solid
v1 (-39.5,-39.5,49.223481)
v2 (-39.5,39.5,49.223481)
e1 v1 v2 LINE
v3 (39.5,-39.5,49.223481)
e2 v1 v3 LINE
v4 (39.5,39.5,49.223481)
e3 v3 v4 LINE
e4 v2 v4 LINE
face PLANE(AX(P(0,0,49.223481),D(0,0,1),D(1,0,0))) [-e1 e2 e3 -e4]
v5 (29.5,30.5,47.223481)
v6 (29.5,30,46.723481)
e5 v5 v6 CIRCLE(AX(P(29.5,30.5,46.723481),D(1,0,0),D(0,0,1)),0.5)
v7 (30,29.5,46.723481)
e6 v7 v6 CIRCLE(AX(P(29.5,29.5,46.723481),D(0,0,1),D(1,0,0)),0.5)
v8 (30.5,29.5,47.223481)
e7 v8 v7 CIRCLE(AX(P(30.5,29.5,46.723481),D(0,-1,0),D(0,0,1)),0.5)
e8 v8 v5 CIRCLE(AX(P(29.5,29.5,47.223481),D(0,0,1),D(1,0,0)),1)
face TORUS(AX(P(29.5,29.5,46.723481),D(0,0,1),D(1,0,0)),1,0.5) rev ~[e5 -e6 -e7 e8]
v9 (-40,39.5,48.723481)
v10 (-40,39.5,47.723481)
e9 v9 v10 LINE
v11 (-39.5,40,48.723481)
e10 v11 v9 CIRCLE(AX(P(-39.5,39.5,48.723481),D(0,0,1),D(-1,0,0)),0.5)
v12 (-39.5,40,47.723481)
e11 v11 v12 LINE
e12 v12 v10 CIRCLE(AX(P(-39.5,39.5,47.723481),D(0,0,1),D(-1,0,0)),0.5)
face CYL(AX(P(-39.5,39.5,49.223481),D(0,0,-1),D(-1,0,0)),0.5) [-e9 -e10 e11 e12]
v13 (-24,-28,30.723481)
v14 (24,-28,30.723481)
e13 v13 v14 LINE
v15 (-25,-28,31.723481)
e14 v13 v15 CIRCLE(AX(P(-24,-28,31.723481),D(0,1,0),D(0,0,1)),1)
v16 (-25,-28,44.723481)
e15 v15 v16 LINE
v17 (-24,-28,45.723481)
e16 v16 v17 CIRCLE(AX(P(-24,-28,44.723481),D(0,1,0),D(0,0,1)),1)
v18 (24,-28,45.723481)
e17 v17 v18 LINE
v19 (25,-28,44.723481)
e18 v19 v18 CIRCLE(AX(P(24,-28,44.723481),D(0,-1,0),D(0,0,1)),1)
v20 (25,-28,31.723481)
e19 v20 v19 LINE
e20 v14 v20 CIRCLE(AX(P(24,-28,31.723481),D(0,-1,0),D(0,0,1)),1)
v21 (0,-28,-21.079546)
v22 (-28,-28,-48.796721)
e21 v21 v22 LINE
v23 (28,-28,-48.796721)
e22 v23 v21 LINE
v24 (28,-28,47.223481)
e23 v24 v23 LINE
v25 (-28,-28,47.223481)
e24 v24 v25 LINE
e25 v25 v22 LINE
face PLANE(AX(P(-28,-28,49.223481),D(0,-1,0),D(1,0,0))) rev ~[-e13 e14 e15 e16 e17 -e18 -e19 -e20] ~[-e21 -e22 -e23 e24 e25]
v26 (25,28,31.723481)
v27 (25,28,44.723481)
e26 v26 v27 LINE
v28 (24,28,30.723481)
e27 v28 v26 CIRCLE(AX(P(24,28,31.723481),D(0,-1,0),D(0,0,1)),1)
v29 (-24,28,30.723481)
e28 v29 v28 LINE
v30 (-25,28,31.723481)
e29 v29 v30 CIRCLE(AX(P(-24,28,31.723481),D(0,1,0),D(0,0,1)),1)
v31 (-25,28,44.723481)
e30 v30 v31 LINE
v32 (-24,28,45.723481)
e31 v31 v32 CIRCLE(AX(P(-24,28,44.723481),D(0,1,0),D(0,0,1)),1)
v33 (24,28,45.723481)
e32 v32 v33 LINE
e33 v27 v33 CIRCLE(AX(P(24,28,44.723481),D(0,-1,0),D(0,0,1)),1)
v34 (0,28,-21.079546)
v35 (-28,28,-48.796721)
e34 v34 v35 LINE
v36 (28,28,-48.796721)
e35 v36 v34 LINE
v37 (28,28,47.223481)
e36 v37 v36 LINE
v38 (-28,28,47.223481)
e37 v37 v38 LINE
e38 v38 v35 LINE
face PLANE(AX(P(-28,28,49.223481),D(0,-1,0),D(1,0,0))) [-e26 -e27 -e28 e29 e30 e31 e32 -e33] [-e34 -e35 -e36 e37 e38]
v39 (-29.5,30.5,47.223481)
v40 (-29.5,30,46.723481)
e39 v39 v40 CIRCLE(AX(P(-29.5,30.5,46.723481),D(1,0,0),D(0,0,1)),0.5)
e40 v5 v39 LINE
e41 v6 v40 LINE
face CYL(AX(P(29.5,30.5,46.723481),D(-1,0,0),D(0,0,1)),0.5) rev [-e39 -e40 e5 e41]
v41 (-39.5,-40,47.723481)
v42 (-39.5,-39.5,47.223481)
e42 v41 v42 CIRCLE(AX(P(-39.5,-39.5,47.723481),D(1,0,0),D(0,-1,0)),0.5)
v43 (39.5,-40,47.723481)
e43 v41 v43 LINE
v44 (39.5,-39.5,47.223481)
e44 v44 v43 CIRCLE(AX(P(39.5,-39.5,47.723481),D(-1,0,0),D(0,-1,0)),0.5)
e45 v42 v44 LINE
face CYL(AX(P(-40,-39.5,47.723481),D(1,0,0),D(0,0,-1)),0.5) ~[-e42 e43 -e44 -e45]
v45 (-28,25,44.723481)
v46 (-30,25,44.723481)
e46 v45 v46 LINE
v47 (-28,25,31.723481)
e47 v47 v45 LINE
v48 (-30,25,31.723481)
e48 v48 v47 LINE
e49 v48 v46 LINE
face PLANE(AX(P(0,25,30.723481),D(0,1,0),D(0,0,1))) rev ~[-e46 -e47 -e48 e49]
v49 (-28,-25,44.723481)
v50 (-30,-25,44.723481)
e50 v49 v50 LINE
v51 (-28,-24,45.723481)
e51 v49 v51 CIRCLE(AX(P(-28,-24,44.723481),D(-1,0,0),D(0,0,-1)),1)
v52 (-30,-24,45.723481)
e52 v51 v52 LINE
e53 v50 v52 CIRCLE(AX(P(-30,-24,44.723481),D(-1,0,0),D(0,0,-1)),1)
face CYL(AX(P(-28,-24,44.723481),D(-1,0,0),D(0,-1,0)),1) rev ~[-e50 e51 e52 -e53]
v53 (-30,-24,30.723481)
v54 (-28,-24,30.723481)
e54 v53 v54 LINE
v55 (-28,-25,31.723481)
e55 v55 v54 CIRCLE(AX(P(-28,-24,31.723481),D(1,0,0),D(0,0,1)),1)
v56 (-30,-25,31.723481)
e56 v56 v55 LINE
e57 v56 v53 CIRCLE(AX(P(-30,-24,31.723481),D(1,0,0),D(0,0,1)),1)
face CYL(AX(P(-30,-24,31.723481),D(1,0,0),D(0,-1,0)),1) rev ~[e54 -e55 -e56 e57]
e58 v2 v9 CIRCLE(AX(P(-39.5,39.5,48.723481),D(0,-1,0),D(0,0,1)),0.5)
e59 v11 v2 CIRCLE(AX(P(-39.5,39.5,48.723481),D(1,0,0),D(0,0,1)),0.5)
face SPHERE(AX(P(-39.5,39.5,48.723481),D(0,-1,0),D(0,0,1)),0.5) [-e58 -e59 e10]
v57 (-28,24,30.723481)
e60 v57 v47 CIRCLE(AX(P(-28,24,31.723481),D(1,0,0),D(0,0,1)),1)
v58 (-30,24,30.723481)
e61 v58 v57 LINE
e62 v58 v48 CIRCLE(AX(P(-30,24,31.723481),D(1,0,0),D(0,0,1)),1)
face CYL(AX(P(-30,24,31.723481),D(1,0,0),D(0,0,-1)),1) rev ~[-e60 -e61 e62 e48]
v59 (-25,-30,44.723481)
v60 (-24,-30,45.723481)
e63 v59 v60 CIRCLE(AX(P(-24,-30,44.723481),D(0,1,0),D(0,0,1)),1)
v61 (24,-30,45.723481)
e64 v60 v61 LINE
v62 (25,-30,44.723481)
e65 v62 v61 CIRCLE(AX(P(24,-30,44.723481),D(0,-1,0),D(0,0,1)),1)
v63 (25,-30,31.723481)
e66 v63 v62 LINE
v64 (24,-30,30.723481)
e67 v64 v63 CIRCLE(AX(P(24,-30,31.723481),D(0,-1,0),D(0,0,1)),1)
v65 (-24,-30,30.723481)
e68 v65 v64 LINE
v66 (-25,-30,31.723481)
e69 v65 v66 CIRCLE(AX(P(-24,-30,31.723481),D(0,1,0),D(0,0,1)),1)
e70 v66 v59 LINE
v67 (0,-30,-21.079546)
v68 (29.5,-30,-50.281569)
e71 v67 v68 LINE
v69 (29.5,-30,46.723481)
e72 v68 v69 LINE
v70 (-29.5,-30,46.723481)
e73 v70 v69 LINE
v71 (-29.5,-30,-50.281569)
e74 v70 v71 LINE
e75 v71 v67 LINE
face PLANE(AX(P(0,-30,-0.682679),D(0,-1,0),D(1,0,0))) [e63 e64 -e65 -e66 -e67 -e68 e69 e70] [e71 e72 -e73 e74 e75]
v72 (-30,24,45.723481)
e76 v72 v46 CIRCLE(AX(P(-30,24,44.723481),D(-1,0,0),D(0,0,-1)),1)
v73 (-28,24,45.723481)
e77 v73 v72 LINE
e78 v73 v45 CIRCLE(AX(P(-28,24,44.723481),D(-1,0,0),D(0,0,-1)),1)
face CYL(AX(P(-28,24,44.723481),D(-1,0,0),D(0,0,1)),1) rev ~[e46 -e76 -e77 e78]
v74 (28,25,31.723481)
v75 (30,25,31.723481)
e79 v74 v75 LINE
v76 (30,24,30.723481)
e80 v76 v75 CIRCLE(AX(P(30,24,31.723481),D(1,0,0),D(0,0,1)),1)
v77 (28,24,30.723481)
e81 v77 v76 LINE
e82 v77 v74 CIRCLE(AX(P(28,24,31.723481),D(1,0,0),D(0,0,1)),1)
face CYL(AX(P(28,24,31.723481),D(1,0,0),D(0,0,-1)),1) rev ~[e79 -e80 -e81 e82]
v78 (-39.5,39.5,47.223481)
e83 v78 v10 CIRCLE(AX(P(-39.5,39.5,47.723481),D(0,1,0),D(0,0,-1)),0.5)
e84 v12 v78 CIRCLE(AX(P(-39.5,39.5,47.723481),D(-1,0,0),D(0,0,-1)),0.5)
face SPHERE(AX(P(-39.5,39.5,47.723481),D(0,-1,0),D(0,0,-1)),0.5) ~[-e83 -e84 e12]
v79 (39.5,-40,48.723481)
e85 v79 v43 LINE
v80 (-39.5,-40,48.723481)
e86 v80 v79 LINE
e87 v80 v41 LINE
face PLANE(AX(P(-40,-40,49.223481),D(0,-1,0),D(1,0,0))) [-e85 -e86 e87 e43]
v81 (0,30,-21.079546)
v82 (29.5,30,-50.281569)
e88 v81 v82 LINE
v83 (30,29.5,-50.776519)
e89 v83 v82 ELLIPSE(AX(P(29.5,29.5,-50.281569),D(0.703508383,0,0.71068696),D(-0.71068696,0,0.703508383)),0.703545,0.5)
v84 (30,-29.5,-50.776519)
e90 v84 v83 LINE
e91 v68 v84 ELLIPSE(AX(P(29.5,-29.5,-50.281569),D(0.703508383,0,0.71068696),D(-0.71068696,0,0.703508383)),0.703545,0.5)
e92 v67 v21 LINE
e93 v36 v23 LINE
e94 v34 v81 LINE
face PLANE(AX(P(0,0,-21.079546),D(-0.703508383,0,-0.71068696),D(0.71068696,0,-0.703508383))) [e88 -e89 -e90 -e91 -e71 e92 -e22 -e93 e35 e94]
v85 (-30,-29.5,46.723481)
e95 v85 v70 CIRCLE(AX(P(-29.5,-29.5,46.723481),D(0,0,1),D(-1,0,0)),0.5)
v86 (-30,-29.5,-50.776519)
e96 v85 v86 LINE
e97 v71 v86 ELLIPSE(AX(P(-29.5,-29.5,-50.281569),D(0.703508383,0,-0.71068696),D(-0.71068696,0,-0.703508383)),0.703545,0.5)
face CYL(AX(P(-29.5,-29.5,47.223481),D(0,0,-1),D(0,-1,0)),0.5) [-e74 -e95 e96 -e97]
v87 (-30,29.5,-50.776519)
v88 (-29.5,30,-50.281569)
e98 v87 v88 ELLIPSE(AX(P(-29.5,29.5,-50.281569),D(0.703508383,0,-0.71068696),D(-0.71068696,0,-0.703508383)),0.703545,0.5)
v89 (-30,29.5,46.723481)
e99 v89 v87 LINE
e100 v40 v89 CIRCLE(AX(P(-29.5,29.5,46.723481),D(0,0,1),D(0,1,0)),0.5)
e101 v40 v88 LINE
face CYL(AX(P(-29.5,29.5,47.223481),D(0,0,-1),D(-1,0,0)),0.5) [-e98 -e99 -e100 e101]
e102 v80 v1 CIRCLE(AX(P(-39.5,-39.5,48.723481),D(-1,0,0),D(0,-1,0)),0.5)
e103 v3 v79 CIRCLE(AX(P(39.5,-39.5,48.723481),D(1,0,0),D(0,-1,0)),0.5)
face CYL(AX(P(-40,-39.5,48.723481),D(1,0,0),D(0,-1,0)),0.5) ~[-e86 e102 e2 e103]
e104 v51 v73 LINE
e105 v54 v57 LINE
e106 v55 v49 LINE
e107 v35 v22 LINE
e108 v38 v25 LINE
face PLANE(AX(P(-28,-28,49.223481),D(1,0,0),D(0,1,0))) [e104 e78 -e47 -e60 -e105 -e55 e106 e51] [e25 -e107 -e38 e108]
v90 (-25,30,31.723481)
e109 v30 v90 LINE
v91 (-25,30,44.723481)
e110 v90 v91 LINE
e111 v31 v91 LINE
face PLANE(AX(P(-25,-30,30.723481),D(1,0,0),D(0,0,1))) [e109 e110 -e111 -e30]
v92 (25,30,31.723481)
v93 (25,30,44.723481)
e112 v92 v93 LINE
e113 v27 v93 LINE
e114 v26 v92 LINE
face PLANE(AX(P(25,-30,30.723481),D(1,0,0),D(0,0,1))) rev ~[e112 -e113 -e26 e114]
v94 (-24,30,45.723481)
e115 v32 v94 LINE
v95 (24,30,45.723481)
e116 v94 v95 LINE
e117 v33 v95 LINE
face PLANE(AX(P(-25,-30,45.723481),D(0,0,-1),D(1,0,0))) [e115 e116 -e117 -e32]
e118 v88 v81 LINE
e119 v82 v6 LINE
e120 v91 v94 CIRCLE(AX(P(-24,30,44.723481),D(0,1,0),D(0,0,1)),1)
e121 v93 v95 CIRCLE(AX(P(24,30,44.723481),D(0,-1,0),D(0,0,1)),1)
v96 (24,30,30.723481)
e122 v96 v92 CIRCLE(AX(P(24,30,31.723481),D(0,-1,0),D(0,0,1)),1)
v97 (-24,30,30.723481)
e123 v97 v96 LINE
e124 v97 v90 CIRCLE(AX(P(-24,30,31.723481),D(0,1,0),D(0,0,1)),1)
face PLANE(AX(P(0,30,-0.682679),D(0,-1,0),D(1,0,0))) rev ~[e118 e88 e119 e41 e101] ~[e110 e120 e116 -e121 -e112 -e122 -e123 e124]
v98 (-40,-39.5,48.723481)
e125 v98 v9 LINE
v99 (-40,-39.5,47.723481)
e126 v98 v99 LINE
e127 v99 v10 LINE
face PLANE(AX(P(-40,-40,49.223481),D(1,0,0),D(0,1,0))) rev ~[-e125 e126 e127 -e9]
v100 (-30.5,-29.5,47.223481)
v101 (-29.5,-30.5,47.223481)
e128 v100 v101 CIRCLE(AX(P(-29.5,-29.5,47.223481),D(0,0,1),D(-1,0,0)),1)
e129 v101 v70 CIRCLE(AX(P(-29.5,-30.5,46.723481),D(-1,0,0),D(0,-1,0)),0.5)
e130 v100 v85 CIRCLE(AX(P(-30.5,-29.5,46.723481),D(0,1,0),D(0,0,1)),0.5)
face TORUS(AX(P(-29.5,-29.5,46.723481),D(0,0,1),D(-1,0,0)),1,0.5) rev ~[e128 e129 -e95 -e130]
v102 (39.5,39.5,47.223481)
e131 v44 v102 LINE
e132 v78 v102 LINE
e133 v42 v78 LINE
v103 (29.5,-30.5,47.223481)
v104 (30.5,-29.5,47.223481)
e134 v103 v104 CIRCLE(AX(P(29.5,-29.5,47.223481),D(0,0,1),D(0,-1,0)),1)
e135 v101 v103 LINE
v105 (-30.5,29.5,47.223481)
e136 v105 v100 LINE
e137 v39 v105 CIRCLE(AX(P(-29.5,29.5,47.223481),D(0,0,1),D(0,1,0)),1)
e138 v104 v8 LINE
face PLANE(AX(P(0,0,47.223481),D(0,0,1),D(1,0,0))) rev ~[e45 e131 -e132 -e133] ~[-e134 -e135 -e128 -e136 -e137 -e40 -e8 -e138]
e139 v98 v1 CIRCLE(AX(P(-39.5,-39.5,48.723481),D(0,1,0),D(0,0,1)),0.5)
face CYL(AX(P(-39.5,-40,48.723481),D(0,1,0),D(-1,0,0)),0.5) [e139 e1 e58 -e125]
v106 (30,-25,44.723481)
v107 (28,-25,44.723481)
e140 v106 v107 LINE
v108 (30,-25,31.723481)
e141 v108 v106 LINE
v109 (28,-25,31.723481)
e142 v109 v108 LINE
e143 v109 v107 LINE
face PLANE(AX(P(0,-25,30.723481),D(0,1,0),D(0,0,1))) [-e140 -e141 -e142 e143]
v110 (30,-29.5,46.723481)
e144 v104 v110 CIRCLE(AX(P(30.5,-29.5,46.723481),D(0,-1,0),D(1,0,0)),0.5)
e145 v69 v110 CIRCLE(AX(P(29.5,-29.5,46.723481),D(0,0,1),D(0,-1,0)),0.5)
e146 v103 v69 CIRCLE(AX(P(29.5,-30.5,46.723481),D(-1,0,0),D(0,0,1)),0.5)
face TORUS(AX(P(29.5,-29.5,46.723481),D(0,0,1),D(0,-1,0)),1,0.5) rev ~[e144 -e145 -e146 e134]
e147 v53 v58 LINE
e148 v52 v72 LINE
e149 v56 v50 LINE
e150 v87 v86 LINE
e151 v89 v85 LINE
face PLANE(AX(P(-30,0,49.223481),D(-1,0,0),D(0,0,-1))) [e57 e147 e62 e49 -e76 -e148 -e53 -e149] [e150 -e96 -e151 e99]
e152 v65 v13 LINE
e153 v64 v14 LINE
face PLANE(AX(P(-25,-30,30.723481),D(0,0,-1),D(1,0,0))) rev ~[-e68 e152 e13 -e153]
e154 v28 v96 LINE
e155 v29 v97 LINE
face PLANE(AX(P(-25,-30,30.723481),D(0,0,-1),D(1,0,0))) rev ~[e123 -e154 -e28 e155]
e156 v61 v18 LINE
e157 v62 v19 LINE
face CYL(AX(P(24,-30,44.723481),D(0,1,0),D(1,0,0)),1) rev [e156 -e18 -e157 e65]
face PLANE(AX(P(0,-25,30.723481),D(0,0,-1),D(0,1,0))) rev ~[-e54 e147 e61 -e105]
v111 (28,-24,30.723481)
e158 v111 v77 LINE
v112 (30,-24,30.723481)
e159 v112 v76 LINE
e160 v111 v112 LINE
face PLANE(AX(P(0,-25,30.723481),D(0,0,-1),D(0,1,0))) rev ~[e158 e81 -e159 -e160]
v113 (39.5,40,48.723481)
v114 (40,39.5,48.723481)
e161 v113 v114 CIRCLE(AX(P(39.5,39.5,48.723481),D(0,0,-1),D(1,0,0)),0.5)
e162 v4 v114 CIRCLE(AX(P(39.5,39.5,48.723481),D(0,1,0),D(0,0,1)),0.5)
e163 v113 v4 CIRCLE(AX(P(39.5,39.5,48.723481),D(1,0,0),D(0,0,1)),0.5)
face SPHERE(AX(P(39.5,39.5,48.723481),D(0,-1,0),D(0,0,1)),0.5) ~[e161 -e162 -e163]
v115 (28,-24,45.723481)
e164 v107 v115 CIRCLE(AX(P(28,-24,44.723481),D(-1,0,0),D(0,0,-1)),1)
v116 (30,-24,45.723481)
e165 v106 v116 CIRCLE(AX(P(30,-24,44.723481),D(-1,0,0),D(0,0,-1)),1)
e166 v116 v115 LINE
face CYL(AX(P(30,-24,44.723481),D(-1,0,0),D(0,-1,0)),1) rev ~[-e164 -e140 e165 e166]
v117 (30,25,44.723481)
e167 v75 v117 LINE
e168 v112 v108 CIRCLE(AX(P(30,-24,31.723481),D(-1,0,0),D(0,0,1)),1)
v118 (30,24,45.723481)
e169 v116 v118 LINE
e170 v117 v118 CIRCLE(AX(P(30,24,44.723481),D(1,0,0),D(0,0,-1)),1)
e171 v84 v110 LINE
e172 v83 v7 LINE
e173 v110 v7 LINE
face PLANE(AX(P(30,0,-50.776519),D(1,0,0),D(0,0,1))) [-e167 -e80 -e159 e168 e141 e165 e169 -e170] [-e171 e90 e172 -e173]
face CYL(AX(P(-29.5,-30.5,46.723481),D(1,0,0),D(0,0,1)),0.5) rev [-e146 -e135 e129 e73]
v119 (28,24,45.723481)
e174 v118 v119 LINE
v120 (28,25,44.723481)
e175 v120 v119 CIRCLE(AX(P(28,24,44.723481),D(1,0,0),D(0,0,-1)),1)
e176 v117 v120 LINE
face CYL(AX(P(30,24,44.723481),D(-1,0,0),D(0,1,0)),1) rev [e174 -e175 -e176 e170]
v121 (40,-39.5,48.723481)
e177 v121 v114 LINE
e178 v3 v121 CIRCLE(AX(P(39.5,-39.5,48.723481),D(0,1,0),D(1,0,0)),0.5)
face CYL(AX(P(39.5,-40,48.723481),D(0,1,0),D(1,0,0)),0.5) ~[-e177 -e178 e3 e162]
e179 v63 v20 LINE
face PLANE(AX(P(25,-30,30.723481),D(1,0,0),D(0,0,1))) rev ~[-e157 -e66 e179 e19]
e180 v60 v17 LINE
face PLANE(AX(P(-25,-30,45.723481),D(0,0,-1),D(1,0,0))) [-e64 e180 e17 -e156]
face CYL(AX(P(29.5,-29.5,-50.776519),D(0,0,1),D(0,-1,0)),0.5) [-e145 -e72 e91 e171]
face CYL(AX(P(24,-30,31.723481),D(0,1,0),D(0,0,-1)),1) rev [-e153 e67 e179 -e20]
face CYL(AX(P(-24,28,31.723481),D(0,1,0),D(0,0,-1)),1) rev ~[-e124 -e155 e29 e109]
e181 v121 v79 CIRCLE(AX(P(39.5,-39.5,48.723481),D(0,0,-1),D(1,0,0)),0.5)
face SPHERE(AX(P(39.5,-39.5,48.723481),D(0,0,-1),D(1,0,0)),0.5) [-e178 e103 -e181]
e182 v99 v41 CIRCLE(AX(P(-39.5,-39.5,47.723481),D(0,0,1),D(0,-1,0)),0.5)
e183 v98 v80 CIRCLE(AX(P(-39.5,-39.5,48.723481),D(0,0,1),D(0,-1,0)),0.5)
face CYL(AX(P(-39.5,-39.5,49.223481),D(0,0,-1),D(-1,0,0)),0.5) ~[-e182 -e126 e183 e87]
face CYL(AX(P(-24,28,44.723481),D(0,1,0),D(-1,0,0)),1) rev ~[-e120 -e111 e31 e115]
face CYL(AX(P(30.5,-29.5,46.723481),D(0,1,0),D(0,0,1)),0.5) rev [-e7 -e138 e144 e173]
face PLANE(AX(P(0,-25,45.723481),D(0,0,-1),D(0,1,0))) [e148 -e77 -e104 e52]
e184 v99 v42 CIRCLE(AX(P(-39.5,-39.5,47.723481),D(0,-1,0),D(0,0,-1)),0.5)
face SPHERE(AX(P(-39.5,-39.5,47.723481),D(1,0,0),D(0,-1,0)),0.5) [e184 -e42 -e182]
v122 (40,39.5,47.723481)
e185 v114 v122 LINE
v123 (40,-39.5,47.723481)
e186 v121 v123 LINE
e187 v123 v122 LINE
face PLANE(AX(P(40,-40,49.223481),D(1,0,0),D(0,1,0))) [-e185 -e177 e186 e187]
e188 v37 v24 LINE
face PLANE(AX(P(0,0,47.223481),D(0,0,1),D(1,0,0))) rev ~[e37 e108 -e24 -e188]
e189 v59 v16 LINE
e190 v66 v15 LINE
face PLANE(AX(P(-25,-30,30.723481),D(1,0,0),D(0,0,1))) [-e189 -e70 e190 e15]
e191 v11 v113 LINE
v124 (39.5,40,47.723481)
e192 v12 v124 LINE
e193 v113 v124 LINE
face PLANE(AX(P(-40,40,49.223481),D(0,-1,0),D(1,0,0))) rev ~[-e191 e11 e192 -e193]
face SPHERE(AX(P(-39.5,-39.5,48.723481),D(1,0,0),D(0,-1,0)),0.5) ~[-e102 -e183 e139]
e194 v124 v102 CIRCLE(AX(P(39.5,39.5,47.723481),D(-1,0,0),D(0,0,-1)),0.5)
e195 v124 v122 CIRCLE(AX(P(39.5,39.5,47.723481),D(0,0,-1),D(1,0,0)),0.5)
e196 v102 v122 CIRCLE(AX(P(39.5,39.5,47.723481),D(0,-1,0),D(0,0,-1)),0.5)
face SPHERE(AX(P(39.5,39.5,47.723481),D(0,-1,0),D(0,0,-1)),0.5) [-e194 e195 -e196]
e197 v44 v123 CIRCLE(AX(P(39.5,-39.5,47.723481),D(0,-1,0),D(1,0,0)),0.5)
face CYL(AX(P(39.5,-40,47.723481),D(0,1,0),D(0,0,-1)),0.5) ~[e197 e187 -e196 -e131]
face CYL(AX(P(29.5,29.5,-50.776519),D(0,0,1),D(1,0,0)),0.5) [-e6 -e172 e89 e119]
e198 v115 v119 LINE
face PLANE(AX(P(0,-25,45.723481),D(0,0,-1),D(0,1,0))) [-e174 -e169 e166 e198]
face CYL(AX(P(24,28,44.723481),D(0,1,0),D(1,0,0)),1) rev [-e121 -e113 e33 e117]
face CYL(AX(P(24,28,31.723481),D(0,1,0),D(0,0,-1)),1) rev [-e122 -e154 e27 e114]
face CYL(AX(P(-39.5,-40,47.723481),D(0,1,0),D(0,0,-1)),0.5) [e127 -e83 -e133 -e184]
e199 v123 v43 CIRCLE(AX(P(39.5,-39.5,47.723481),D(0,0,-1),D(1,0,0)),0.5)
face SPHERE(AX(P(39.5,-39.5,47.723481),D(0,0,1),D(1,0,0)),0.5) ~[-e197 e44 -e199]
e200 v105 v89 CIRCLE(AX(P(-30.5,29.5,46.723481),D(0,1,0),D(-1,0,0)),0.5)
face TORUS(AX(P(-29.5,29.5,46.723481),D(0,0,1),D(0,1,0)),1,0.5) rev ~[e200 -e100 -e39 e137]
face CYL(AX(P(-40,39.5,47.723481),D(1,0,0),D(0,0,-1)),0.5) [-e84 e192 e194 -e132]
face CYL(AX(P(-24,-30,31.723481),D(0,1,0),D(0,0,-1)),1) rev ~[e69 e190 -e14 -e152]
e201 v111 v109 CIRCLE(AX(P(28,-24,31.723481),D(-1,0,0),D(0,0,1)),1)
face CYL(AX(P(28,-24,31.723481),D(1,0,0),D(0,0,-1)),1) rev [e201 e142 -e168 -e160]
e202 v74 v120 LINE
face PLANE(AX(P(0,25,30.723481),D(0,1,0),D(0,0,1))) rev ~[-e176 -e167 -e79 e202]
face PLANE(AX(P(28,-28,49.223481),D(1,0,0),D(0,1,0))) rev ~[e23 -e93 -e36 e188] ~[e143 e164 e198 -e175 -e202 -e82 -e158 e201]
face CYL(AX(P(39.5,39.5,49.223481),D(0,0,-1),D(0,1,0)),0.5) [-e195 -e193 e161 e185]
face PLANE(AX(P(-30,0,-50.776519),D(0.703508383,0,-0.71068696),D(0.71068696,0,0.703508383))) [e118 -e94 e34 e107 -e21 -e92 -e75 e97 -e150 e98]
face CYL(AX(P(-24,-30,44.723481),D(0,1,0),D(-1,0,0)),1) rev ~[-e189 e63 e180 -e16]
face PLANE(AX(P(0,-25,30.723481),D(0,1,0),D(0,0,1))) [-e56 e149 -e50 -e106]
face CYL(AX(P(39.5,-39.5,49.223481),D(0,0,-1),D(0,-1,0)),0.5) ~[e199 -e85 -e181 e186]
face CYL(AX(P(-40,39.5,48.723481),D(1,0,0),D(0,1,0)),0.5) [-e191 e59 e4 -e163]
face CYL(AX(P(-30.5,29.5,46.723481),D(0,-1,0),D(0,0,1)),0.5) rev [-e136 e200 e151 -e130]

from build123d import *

# Parameters (mm, degrees)
F1_DEPTH = 30
F2_W     = 56
F2_H     = 56
F3_DEPTH = 100.001
F4_W     = 50
F4_H     = 15
F5_DEPTH = 60
F6_W     = 50
F6_H     = 15
F7_DEPTH = 30
F8_W     = 80
F8_H     = 80
F9_DEPTH = 2
F10_R    = 1
F11_R    = 1
F12_R    = 1
F13_R    = 1
F14_R    = 0.5
F15_R    = 0.5
F16_R    = 0.5


with BuildPart() as f1:
    # F0 (on Front) → F1 (new body, symmetric)
    with BuildSketch(Plane.XZ):
        Polygon((30, 49.2234811187), (0, 49.2234811187), (-30, 49.2234811187), (-30, -50.7765188813), (0, -21.0795458406), (30, -50.7765188813), align=None)
    extrude(amount=F1_DEPTH, both=True)

    # F2 (on face) → F3 (cut, through all)
    with BuildSketch(Plane.XY.offset(49.2234811187)):
        with Locations((-2.794e-06, 0)):
            Rectangle(F2_W, F2_H)
    extrude(amount=-F3_DEPTH, mode=Mode.SUBTRACT)

    # F4 (on face) → F5 (cut)
    with BuildSketch(Plane.XZ.offset(30)):
        with Locations((0, 38.2234811187)):
            Rectangle(F4_W, F4_H)
    extrude(amount=-F5_DEPTH, mode=Mode.SUBTRACT)

    # F6 (on Right) → F7 (cut, symmetric)
    with BuildSketch(Plane.YZ):
        with Locations((0, 38.2234811187)):
            Rectangle(F6_W, F6_H)
    extrude(amount=F7_DEPTH, both=True, mode=Mode.SUBTRACT)

    # F8 (on face) → F9 (join)
    with BuildSketch(Plane.XY.offset(49.2234811187)):
        Rectangle(F8_W, F8_H)
    extrude(amount=-F9_DEPTH)

    # F10
    f10_edges = [f1.edges().sort_by_distance(p)[0] for p in [
        (-29.000001, 25, 30.723481),
        (-29.000001, -25, 30.723481),
        (-29.000001, -25, 45.723481),
        (-29.000001, 25, 45.723481),
    ]]
    fillet(f10_edges, radius=F10_R)

    # F11
    f11_edges = [f1.edges().sort_by_distance(p)[0] for p in [
        (-25, 29, 45.723481),
        (-25, 29, 30.723481),
        (25, 29, 30.723481),
        (25, 29, 45.723481),
    ]]
    fillet(f11_edges, radius=F11_R)

    # F12
    f12_edges = [f1.edges().sort_by_distance(p)[0] for p in [
        (28.999999, 25, 45.723481),
        (28.999999, -25, 45.723481),
        (28.999999, -25, 30.723481),
        (28.999999, 25, 30.723481),
    ]]
    fillet(f12_edges, radius=F12_R)

    # F13
    f13_edges = [f1.edges().sort_by_distance(p)[0] for p in [
        (25, -29, 30.723481),
        (25, -29, 45.723481),
        (-25, -29, 45.723481),
        (-25, -29, 30.723481),
    ]]
    fillet(f13_edges, radius=F13_R)

    # F14
    f14_edges = [f1.edges().sort_by_distance(p)[0] for p in [
        (30, 30, -1.776519),
        (30, -30, -1.776519),
        (-30, 30, -1.776519),
        (-30, -30, -1.776519),
    ]]
    fillet(f14_edges, radius=F14_R)

    # F15
    f15_edges = [f1.edges().sort_by_distance(p)[0] for p in [
        (40, -40, 48.223481),
        (40, 0, 49.223481),
        (40, 0, 47.223481),
        (0, -40, 47.223481),
        (0, -40, 49.223481),
        (-40, -40, 48.223481),
        (-40, 0, 47.223481),
        (-40, 0, 49.223481),
        (0, 40, 47.223481),
        (0, 40, 49.223481),
        (-40, 40, 48.223481),
        (40, 40, 48.223481),
    ]]
    fillet(f15_edges, radius=F15_R)

    # F16
    f16_edges = [f1.edges().sort_by_distance(p)[0] for p in [
        (0, 30, 47.223481),
    ]]
    fillet(f16_edges, radius=F16_R)


solid = f1.part
